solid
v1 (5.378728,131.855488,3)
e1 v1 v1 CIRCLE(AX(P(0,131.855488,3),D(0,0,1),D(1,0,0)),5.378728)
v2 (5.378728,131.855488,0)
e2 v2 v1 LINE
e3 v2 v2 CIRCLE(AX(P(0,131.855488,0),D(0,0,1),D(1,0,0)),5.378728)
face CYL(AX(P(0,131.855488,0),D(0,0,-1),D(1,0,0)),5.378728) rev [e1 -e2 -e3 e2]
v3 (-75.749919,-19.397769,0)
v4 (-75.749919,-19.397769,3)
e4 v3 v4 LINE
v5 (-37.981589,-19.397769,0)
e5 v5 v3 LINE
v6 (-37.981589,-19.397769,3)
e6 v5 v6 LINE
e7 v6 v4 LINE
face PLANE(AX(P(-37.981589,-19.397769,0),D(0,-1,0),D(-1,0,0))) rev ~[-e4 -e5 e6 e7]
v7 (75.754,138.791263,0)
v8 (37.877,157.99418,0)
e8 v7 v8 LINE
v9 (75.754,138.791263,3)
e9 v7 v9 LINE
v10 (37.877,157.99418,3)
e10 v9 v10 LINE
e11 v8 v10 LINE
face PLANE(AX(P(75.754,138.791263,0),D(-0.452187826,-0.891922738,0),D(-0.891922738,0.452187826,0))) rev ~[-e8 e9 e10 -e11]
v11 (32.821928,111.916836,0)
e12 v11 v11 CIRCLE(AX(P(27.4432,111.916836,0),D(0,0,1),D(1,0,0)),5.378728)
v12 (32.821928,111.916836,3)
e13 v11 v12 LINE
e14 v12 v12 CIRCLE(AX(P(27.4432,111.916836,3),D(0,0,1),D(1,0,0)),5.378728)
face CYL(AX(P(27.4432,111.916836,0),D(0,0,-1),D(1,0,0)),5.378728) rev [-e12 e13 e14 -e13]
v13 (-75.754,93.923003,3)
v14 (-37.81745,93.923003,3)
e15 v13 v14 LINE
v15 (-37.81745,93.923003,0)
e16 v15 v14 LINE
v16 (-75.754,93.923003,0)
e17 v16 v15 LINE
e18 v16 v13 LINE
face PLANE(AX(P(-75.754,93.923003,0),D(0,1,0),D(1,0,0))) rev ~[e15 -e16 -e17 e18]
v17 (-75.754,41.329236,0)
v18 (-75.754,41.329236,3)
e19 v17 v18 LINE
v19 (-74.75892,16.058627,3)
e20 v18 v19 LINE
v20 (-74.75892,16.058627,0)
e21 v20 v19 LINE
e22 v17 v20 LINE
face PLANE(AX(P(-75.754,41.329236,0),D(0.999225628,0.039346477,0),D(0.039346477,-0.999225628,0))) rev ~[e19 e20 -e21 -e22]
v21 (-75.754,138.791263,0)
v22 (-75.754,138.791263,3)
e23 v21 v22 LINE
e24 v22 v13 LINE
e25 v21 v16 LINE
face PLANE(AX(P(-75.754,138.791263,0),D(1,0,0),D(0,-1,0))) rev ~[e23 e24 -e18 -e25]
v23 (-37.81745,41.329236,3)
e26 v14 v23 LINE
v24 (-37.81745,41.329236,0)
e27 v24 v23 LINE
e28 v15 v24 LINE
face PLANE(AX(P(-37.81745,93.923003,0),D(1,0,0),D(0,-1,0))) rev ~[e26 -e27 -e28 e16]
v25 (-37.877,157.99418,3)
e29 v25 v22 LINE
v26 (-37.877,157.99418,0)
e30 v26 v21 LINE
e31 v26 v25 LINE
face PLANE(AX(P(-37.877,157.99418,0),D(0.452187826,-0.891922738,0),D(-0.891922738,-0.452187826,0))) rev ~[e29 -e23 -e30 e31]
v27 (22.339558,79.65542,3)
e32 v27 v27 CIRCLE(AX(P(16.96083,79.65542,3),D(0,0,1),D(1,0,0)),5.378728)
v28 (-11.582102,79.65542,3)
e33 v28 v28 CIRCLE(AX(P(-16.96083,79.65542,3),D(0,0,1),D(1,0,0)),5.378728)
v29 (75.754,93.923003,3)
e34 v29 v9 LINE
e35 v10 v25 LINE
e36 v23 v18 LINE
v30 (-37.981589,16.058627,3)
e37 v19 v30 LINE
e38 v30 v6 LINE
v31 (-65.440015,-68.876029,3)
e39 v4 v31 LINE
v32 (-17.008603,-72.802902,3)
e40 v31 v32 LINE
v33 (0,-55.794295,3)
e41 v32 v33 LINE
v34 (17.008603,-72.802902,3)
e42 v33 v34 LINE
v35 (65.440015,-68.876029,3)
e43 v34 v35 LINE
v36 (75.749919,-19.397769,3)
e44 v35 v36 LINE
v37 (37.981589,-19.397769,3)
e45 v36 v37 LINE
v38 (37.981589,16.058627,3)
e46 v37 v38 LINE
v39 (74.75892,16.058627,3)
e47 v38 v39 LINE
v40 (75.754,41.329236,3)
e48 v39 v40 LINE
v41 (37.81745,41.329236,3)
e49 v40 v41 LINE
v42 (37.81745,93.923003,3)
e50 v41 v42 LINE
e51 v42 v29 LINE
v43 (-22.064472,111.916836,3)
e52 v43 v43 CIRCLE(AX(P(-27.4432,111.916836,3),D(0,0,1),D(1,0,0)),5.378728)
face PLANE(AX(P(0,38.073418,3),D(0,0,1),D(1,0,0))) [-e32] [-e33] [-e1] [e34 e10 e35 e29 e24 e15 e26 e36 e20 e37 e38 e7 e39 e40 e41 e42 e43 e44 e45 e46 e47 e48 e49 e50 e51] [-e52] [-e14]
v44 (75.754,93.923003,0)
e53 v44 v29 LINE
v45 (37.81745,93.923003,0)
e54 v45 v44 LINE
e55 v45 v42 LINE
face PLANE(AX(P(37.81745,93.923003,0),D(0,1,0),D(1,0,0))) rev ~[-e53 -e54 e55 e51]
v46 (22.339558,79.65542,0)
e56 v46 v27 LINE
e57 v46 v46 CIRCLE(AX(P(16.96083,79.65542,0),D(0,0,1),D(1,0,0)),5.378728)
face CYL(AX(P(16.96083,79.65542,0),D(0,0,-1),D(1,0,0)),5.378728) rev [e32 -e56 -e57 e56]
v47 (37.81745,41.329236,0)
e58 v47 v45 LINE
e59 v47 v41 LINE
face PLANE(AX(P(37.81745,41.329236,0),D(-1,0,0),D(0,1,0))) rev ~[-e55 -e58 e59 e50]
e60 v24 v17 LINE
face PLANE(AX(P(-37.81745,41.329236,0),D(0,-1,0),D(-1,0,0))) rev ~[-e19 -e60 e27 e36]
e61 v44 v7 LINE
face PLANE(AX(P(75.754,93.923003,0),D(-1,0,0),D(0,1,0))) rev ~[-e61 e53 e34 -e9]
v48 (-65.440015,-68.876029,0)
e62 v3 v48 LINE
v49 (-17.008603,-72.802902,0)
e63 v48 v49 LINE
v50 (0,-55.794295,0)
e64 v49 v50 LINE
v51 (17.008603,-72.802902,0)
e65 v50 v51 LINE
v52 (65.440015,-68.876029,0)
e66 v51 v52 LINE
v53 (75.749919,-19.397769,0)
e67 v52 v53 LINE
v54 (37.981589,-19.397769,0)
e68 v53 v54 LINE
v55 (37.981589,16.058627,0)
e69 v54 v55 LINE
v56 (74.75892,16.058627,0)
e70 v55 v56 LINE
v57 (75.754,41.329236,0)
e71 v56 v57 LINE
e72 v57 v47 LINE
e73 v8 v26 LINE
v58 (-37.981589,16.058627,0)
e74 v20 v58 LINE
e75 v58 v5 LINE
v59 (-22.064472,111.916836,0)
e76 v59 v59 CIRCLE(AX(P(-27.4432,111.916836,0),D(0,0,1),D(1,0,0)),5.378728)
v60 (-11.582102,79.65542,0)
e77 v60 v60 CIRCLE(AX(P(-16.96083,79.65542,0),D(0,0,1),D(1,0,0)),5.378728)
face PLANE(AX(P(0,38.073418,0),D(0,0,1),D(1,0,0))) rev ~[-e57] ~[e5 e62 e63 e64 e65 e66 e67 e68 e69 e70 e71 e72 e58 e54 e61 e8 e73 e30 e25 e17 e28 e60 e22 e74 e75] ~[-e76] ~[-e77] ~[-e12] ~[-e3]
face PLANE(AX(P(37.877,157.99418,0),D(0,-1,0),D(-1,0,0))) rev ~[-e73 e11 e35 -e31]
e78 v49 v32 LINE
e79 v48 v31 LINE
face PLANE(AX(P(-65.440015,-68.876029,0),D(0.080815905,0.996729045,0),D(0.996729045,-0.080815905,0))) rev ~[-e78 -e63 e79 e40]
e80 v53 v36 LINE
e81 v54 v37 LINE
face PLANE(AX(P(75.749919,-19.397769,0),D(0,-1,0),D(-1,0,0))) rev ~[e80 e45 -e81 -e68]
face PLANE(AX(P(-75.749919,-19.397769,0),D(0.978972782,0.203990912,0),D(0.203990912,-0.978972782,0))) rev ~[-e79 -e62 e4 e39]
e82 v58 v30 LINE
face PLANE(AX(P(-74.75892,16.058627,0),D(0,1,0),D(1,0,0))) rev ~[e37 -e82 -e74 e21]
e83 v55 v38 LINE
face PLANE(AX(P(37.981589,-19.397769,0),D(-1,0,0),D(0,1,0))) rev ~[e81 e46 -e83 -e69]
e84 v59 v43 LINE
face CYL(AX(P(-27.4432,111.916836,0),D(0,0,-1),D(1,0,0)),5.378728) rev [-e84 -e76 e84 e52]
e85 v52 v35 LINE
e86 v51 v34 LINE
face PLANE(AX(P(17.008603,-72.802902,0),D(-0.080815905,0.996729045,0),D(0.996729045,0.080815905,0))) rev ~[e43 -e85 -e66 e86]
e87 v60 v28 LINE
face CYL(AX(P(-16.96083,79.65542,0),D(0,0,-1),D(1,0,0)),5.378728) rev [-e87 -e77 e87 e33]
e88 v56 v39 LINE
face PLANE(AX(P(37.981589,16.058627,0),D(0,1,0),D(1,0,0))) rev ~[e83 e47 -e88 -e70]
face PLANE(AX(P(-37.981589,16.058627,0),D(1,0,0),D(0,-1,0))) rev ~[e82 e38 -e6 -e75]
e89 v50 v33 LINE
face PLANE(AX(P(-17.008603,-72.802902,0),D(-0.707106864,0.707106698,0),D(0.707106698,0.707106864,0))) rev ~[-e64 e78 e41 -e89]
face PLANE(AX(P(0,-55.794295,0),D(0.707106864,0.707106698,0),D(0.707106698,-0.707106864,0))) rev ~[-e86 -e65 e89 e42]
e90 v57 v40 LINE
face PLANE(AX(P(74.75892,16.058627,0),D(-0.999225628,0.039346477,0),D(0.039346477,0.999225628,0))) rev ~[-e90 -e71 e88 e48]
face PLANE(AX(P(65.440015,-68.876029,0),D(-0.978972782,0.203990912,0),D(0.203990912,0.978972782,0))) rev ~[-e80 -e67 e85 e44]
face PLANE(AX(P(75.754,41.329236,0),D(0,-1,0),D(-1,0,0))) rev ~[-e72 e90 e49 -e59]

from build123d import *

# Parameters (mm, degrees)
F0_R     = 5.378728
F1_DEPTH = 3


with BuildPart() as f1:
    # F0 (on Top) → F1 (new body)
    with BuildSketch(Plane.XY):
        Polygon((37.877, 157.99418), (-37.877, 157.99418), (-75.754, 138.791263), (-75.754, 93.923003), (-37.81745, 93.923003), (-37.81745, 41.329236), (-75.754, 41.329236), (-74.75892, 16.058627), (-37.981589, 16.058627), (-37.981589, -19.397769), (-75.749919, -19.397769), (-65.440015, -68.876029), (-17.008603, -72.802902), (0, -55.794295), (17.008603, -72.802902), (65.440015, -68.876029), (75.749919, -19.397769), (37.981589, -19.397769), (37.981589, 16.058627), (74.75892, 16.058627), (75.754, 41.329236), (37.81745, 41.329236), (37.81745, 93.923003), (75.754, 93.923003), (75.754, 138.791263), align=None)
        with Locations((-16.96083, 79.65542)):
            Circle(F0_R, mode=Mode.SUBTRACT)
        with Locations((-27.4432, 111.916836)):
            Circle(F0_R, mode=Mode.SUBTRACT)
        with Locations((16.96083, 79.65542)):
            Circle(F0_R, mode=Mode.SUBTRACT)
        with Locations((27.4432, 111.916836)):
            Circle(F0_R, mode=Mode.SUBTRACT)
        with Locations((0, 131.855488)):
            Circle(F0_R, mode=Mode.SUBTRACT)
    extrude(amount=F1_DEPTH)


solid = f1.part
